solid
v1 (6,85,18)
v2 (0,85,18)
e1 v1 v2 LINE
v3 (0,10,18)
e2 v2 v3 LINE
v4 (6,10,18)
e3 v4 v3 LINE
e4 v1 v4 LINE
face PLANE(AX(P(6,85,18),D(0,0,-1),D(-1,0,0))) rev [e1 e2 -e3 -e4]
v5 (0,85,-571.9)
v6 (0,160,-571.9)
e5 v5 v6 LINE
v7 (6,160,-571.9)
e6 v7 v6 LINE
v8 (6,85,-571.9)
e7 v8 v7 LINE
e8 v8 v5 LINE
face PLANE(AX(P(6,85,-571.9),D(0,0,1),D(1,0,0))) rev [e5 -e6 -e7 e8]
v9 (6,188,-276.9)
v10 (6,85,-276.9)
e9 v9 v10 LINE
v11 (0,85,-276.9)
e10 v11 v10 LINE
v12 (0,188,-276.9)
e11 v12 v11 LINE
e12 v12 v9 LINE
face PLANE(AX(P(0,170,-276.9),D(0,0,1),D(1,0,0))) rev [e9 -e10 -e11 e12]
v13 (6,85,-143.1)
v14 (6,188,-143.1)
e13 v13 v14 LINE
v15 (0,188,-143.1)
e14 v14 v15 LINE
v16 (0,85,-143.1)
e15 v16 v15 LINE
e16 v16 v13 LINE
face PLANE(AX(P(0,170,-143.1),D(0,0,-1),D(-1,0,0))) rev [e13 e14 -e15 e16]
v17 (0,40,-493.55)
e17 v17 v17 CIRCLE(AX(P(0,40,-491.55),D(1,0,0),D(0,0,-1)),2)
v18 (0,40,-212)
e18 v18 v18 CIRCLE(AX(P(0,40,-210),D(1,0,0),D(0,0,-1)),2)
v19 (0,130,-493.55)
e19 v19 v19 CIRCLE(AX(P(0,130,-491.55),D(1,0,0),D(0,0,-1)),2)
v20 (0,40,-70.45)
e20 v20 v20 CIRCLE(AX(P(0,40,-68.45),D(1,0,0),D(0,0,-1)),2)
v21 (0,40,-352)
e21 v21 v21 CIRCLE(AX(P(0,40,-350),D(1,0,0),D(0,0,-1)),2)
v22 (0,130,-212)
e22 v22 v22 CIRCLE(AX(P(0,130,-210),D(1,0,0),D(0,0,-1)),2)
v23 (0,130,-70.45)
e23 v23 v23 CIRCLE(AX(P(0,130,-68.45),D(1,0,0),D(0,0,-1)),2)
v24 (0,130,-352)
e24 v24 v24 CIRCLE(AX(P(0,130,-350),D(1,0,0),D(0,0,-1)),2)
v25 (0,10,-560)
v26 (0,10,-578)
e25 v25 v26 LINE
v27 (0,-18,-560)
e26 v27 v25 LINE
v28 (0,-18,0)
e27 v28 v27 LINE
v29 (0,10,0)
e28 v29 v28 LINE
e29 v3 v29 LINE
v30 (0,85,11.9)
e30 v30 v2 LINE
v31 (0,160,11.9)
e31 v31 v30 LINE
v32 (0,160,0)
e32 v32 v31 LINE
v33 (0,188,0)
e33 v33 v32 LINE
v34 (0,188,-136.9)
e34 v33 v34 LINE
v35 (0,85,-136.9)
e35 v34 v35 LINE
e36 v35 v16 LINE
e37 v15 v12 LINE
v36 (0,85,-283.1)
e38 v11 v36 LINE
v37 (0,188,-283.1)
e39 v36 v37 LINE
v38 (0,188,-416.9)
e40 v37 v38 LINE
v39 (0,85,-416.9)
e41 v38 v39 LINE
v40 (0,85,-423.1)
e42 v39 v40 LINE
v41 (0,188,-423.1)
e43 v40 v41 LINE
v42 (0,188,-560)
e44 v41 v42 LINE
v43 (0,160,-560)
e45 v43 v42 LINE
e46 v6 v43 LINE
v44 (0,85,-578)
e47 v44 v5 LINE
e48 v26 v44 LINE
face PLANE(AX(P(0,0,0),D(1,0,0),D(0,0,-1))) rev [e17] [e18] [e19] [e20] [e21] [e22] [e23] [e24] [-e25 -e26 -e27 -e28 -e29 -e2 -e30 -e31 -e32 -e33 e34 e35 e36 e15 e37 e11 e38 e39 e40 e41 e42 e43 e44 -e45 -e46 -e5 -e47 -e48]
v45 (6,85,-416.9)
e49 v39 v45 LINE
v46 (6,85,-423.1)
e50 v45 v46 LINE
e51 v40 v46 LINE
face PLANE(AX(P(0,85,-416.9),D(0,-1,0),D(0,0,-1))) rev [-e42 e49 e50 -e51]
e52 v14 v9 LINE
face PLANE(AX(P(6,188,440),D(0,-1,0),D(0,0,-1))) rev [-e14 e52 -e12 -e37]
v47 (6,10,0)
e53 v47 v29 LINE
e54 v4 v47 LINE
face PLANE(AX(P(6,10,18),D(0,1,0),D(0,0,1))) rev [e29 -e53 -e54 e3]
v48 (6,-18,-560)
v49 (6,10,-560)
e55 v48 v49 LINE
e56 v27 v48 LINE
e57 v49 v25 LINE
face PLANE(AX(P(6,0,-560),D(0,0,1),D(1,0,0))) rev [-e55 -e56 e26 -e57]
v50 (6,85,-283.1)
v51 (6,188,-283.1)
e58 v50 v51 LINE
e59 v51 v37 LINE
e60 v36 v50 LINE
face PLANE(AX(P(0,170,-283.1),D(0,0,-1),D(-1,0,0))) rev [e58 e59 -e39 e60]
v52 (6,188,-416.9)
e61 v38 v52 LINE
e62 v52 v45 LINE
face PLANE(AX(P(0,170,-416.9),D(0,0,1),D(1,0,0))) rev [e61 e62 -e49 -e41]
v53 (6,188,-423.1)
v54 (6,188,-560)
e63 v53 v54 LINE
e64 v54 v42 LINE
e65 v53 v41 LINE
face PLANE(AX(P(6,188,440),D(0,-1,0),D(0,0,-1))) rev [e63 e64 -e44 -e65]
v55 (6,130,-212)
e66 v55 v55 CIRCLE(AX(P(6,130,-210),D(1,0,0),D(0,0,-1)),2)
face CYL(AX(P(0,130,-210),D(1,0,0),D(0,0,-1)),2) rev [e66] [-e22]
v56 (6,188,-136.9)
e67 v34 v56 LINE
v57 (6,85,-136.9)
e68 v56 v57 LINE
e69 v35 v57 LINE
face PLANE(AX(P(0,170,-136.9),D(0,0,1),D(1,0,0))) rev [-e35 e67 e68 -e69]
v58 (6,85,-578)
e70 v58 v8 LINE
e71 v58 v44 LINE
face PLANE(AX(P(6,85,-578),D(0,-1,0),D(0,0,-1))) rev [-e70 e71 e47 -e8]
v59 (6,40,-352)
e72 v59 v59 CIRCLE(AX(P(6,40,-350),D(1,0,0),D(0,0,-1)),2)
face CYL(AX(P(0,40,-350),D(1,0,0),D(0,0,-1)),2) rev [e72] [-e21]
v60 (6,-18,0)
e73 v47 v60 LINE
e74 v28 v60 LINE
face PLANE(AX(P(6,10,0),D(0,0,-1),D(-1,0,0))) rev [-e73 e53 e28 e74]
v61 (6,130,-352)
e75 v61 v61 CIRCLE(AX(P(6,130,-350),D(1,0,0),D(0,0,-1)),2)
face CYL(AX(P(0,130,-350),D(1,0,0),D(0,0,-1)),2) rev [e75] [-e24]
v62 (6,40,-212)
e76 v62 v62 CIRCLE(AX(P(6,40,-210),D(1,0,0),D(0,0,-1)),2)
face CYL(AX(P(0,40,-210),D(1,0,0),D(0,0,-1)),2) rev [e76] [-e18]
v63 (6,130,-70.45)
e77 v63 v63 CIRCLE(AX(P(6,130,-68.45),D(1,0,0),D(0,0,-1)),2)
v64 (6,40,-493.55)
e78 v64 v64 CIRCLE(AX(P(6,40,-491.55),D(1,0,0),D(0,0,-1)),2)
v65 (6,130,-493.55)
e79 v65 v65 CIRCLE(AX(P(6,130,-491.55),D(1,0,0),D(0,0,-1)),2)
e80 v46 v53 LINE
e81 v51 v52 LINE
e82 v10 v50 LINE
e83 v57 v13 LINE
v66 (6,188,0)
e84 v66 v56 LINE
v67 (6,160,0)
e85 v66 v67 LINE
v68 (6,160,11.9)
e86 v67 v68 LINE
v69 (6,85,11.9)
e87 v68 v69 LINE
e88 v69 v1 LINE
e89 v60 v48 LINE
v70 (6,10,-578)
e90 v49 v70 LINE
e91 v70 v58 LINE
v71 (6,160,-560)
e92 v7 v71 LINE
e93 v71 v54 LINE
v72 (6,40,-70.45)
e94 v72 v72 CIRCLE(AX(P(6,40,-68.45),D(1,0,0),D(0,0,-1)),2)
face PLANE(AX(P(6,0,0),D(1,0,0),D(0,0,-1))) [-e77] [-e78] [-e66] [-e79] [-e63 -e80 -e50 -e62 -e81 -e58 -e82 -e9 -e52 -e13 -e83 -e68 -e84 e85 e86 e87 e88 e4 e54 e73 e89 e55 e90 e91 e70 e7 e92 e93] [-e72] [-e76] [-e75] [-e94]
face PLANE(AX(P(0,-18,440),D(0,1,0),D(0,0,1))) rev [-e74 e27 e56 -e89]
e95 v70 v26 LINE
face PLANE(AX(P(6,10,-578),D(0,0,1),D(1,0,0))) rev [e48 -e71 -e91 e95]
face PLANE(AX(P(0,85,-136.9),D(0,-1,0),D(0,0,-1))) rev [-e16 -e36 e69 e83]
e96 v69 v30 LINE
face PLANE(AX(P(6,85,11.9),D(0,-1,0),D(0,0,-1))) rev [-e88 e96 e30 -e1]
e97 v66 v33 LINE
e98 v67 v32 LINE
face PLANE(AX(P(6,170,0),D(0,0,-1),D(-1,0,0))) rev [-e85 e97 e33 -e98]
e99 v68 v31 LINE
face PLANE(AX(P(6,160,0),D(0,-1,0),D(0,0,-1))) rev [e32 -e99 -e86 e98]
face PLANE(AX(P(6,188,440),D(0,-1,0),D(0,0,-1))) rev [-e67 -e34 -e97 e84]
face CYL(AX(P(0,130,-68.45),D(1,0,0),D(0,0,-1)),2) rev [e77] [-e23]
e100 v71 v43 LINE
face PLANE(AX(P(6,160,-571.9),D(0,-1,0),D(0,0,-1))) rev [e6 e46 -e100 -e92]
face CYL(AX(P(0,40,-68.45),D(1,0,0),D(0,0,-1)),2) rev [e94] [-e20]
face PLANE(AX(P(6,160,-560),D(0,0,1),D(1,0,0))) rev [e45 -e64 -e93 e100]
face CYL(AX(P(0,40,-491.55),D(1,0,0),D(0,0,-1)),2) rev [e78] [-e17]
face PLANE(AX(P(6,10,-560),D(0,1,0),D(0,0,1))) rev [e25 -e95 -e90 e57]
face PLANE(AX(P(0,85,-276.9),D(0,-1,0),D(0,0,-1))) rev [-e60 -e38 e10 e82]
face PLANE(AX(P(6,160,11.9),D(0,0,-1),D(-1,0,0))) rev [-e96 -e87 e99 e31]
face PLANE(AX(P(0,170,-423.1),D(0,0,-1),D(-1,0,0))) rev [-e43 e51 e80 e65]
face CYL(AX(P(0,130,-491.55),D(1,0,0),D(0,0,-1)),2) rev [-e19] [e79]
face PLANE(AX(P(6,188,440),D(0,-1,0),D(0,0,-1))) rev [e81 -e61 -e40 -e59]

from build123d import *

# Parameters (mm, degrees)
BOSS_EXTRUDE1_DEPTH = 6
SKETCH2_W           = 6.2
SKETCH2_H           = 85
CUT_EXTRUDE1_DEPTH  = 6
SKETCH3_R           = 2
CUT_EXTRUDE2_DEPTH  = 6
SKETCH4_W           = 6
SKETCH4_H           = 136.9
SKETCH4_H_2         = 133.8
SKETCH4_H_3         = 137.464807664
BOSS_EXTRUDE2_DEPTH = 28
SKETCH5_W           = 6
SKETCH5_H           = 560
BOSS_EXTRUDE3_DEPTH = 28
SKETCH6_W           = 6
SKETCH6_H           = 0.564807664
CUT_EXTRUDE3_DEPTH  = 28
SKETCH7_W           = 6
SKETCH7_H           = 10
CUT_EXTRUDE4_DEPTH  = 1000


with BuildPart() as part:
    # Sketch1 → Boss-Extrude1 (new body)
    with BuildSketch(Plane(origin=(0, 0, 0), x_dir=(0, 0, -1), z_dir=(1, 0, 0))):
        Polygon((0, 0), (560, 0), (560, 10), (578, 10), (578, 85), (571.9, 85), (571.9, 160), (560, 160), (560, 170), (0, 170), (0, 160), (-11.9, 160), (-11.9, 85), (-18, 85), (-18, 10), (0, 10), align=None)
    extrude(amount=BOSS_EXTRUDE1_DEPTH)

    # Sketch2 → Cut-Extrude1 (cut)
    with BuildSketch(Plane(origin=(6, 0, 0), x_dir=(0, 0, -1), z_dir=(1, 0, 0))):
        with Locations((140, 127.5)):
            Rectangle(SKETCH2_W, SKETCH2_H)
        with Locations((280, 127.5)):
            Rectangle(SKETCH2_W, SKETCH2_H)
        with Locations((420, 127.5)):
            Rectangle(SKETCH2_W, SKETCH2_H)
    extrude(amount=-CUT_EXTRUDE1_DEPTH, mode=Mode.SUBTRACT)

    # Sketch3 → Cut-Extrude2 (cut)
    with BuildSketch(Plane(origin=(6, 0, 0), x_dir=(0, 0, -1), z_dir=(1, 0, 0))):
        with Locations((68.45, 130)):
            Circle(SKETCH3_R)
        with Locations((68.45, 40)):
            Circle(SKETCH3_R)
        with Locations((210, 130)):
            Circle(SKETCH3_R)
        with Locations((210, 40)):
            Circle(SKETCH3_R)
        with Locations((350, 130)):
            Circle(SKETCH3_R)
        with Locations((350, 40)):
            Circle(SKETCH3_R)
        with Locations((491.55, 130)):
            Circle(SKETCH3_R)
        with Locations((491.55, 40)):
            Circle(SKETCH3_R)
    extrude(amount=-CUT_EXTRUDE2_DEPTH, mode=Mode.SUBTRACT)

    # Sketch4 → Boss-Extrude2 (add)
    with BuildSketch(Plane(origin=(0, 170, 0), x_dir=(1, 0, 0), z_dir=(0, 1, 0))):
        with Locations((3, 68.45)):
            Rectangle(SKETCH4_W, SKETCH4_H)
        with Locations((3, 210)):
            Rectangle(SKETCH4_W, SKETCH4_H_2)
        with Locations((3, 350)):
            Rectangle(SKETCH4_W, SKETCH4_H_2)
        with Locations((3, 491.267596168)):
            Rectangle(SKETCH4_W, SKETCH4_H_3)
    extrude(amount=BOSS_EXTRUDE2_DEPTH)

    # Sketch5 → Boss-Extrude3 (add)
    with BuildSketch(Plane.XZ):
        with Locations((3, -280)):
            Rectangle(SKETCH5_W, SKETCH5_H)
    extrude(amount=BOSS_EXTRUDE3_DEPTH)

    # Sketch6 → Cut-Extrude3 (cut)
    with BuildSketch(Plane.XZ.offset(-170)):
        with Locations((3, -422.817596168)):
            Rectangle(SKETCH6_W, SKETCH6_H)
    extrude(amount=-CUT_EXTRUDE3_DEPTH, mode=Mode.SUBTRACT)

    # Sketch7 → Cut-Extrude4 (cut)
    with BuildSketch(Plane(origin=(0, 0, -560), x_dir=(-1, 0, 0), z_dir=(0, 0, -1))):
        with Locations((-3, 193)):
            Rectangle(SKETCH7_W, SKETCH7_H)
        with Locations((-3, -23)):
            Rectangle(SKETCH7_W, SKETCH7_H)
    extrude(amount=-CUT_EXTRUDE4_DEPTH, mode=Mode.SUBTRACT)


solid = part.part
